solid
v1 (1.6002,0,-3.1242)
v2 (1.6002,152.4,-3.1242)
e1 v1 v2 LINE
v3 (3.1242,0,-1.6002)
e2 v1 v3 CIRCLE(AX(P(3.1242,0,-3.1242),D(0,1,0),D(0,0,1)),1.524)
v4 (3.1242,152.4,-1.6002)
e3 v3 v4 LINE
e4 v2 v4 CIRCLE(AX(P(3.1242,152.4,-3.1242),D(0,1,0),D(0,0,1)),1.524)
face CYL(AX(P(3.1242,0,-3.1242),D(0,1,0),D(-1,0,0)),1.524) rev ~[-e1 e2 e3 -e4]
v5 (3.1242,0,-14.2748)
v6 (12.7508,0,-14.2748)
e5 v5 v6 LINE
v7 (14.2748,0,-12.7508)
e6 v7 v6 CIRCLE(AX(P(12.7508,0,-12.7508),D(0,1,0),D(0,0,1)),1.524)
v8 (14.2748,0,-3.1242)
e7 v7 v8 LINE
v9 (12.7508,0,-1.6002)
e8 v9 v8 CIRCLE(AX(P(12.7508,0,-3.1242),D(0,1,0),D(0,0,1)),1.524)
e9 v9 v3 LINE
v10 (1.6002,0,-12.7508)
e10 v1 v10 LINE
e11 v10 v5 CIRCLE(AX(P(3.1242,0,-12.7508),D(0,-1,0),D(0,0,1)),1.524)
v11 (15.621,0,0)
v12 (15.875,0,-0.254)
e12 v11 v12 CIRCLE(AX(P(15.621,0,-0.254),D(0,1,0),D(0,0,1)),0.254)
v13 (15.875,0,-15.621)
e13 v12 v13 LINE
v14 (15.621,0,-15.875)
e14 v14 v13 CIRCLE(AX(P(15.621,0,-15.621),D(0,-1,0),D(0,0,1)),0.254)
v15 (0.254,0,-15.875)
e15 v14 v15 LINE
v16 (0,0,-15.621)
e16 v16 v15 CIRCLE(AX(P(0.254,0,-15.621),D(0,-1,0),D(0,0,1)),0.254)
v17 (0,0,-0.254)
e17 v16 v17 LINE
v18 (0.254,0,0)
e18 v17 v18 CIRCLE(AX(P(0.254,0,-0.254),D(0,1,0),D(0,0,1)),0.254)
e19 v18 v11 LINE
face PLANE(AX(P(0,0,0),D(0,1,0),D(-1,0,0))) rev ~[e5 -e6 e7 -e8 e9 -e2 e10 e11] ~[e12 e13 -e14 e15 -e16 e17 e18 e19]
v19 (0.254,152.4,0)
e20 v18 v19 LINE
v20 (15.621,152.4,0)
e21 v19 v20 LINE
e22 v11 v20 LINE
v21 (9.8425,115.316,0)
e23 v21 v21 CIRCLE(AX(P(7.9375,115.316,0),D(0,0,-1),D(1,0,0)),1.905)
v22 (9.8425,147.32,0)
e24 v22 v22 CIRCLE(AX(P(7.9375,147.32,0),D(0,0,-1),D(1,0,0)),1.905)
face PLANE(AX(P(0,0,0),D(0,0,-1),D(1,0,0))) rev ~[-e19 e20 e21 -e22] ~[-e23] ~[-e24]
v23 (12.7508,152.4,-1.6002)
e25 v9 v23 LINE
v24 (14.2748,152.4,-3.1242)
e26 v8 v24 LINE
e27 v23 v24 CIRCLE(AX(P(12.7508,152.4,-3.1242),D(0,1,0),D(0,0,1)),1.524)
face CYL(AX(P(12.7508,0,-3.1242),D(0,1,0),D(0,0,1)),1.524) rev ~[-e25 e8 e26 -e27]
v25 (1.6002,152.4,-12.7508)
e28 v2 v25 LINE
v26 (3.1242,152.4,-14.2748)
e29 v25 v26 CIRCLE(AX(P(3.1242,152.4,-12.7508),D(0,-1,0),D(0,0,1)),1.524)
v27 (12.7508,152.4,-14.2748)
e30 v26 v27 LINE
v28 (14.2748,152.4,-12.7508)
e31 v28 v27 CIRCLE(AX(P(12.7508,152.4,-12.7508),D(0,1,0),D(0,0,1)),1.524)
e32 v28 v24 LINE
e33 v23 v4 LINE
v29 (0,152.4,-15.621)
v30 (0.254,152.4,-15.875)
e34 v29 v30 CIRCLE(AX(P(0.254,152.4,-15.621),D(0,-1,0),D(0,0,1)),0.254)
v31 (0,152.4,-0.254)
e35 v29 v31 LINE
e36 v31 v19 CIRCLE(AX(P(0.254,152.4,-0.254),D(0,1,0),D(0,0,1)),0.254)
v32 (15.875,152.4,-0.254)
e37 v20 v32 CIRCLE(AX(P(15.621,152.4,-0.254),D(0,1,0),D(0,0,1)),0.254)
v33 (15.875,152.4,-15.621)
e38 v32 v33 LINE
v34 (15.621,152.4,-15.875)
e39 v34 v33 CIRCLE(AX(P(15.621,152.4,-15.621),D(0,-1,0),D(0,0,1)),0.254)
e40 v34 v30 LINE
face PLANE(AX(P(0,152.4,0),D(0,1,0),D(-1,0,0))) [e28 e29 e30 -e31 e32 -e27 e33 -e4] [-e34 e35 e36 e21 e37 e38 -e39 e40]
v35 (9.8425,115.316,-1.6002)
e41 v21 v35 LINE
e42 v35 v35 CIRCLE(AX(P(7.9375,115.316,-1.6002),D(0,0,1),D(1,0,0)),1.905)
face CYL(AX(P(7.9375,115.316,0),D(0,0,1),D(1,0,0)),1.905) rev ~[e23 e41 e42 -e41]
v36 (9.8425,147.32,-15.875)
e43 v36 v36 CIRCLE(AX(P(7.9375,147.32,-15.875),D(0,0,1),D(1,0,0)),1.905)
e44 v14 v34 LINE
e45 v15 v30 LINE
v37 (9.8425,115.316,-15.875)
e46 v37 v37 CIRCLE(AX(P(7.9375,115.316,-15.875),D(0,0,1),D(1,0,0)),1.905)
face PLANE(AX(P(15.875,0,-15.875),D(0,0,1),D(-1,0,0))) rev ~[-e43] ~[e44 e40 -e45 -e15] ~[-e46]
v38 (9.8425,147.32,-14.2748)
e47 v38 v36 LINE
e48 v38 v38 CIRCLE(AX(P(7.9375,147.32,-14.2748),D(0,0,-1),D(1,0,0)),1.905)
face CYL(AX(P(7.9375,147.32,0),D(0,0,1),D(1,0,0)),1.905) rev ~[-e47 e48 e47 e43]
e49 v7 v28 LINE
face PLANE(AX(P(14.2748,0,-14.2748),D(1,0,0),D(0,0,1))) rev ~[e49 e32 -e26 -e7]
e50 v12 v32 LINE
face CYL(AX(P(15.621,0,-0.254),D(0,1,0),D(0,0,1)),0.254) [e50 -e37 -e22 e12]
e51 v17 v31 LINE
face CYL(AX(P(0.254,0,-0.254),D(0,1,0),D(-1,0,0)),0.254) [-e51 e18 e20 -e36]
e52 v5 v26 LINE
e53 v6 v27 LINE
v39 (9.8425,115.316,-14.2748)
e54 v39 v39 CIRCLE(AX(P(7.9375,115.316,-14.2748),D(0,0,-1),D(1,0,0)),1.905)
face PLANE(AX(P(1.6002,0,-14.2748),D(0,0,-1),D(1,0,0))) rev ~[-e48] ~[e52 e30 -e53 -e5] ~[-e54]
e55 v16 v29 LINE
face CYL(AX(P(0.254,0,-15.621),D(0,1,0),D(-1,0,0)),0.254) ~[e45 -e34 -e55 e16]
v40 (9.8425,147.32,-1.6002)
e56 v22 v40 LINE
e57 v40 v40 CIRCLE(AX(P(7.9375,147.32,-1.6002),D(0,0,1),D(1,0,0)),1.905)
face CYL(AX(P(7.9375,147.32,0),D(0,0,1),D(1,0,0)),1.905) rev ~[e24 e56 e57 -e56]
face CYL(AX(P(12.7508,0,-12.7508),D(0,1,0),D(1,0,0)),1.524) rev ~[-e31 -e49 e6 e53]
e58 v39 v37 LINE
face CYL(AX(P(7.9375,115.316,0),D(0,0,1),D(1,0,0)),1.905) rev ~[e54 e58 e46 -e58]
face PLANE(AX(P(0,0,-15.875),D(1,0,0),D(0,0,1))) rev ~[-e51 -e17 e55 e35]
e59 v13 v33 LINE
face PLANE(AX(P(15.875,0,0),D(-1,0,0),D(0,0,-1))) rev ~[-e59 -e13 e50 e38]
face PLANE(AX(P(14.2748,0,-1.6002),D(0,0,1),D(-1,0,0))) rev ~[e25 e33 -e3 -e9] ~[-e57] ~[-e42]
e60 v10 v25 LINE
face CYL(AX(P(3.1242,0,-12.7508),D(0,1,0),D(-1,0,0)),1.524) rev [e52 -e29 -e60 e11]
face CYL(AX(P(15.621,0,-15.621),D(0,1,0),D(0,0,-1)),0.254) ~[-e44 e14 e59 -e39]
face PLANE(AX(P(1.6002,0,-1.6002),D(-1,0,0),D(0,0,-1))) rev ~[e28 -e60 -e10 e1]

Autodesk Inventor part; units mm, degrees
ref_plane "YZ Plane" through (0, 0, 0) normal (1, 0, 0) x (0, 1, 0)
ref_plane "XZ Plane" through (0, 0, 0) normal (0, 1, 0) x (-1, 0, 0)
ref_plane "XY Plane" through (0, 0, 0) normal (0, 0, 1) x (1, 0, 0)
sketch "Sketch1" plane through (0, 0, 0) normal (0, 1, 0) x (-1, 0, 0)
  line L0 (0, 0) -> (-15.875, 0)
  line L1 (-15.875, 0) -> (-15.875, -15.875)
  line L2 (-15.875, -15.875) -> (0, -15.875)
  line L3 (0, -15.875) -> (0, 0)
  dimension "d0" = 15.875
  dimension "d1" = 15.875
extrude "Extrusion1" add sketch "Sketch1" along normal blind 152.4
sketch "Sketch2" plane through (0, 0, 0) normal (0, -1, 0) x (1, 0, 0)
  line L0 (15.875, 0) -> (15.875, -15.875) projected
  line L1 (0, 0) -> (15.875, 0) projected
  line L2 (0, -15.875) -> (0, 0) projected
  line L3 (15.875, -15.875) -> (0, -15.875) projected
  line L4 (14.2748, -14.2748) -> (14.2748, -1.6002)
  line L5 (14.2748, -1.6002) -> (1.6002, -1.6002)
  line L6 (1.6002, -1.6002) -> (1.6002, -14.2748)
  line L7 (1.6002, -14.2748) -> (14.2748, -14.2748)
  dimension "d4" = 1.6002
extrude "Extrusion2" cut sketch "Sketch2" against normal blind 152.4 contours L7 L6 L5 L4
fillet "Fillet1" radius 1.524 4 edges at (14.2748, 76.2, -14.2748) (1.6002, 76.2, -1.6002) (14.2748, 76.2, -1.6002) (1.6002, 76.2, -14.2748)
fillet "Fillet2" radius 0.254 4 edges at (15.875, 76.2, 0) (15.875, 76.2, -15.875) (0, 76.2, -15.875) (0, 76.2, 0)
sketch "Sketch3" plane through (0.254, 0, 0) normal (0, 0, 1) x (1, 0, 0)
  line L0 (15.367, 152.4) -> (0, 152.4) projected
  line L1 (7.6835, 152.4) -> (7.6835, 147.32)
  circle A0 centre (7.6835, 147.32) radius 1.905
  point P0 (-0.254, 0)
  dimension "d9" = 5.08
  dimension "d10" = 3.81
extrude "Extrusion3" cut sketch "Sketch3" against normal blind 15.875
sketch "Sketch4" plane through (0.254, 0, 0) normal (0, 0, 1) x (1, 0, 0)
  circle A0 centre (7.6835, 147.32) radius 1.905 projected
  line L0 (7.6835, 147.32) -> (7.6835, 117.221)
  circle A1 centre (7.6835, 115.316) radius 1.905
  point P0 (-0.254, 0)
  dimension "d13" = 30.099
extrude "Extrusion4" cut sketch "Sketch4" against normal blind 15.875 contours A1
properties part number "am-3594 5-8x5-8 0.063 wall tubing"
